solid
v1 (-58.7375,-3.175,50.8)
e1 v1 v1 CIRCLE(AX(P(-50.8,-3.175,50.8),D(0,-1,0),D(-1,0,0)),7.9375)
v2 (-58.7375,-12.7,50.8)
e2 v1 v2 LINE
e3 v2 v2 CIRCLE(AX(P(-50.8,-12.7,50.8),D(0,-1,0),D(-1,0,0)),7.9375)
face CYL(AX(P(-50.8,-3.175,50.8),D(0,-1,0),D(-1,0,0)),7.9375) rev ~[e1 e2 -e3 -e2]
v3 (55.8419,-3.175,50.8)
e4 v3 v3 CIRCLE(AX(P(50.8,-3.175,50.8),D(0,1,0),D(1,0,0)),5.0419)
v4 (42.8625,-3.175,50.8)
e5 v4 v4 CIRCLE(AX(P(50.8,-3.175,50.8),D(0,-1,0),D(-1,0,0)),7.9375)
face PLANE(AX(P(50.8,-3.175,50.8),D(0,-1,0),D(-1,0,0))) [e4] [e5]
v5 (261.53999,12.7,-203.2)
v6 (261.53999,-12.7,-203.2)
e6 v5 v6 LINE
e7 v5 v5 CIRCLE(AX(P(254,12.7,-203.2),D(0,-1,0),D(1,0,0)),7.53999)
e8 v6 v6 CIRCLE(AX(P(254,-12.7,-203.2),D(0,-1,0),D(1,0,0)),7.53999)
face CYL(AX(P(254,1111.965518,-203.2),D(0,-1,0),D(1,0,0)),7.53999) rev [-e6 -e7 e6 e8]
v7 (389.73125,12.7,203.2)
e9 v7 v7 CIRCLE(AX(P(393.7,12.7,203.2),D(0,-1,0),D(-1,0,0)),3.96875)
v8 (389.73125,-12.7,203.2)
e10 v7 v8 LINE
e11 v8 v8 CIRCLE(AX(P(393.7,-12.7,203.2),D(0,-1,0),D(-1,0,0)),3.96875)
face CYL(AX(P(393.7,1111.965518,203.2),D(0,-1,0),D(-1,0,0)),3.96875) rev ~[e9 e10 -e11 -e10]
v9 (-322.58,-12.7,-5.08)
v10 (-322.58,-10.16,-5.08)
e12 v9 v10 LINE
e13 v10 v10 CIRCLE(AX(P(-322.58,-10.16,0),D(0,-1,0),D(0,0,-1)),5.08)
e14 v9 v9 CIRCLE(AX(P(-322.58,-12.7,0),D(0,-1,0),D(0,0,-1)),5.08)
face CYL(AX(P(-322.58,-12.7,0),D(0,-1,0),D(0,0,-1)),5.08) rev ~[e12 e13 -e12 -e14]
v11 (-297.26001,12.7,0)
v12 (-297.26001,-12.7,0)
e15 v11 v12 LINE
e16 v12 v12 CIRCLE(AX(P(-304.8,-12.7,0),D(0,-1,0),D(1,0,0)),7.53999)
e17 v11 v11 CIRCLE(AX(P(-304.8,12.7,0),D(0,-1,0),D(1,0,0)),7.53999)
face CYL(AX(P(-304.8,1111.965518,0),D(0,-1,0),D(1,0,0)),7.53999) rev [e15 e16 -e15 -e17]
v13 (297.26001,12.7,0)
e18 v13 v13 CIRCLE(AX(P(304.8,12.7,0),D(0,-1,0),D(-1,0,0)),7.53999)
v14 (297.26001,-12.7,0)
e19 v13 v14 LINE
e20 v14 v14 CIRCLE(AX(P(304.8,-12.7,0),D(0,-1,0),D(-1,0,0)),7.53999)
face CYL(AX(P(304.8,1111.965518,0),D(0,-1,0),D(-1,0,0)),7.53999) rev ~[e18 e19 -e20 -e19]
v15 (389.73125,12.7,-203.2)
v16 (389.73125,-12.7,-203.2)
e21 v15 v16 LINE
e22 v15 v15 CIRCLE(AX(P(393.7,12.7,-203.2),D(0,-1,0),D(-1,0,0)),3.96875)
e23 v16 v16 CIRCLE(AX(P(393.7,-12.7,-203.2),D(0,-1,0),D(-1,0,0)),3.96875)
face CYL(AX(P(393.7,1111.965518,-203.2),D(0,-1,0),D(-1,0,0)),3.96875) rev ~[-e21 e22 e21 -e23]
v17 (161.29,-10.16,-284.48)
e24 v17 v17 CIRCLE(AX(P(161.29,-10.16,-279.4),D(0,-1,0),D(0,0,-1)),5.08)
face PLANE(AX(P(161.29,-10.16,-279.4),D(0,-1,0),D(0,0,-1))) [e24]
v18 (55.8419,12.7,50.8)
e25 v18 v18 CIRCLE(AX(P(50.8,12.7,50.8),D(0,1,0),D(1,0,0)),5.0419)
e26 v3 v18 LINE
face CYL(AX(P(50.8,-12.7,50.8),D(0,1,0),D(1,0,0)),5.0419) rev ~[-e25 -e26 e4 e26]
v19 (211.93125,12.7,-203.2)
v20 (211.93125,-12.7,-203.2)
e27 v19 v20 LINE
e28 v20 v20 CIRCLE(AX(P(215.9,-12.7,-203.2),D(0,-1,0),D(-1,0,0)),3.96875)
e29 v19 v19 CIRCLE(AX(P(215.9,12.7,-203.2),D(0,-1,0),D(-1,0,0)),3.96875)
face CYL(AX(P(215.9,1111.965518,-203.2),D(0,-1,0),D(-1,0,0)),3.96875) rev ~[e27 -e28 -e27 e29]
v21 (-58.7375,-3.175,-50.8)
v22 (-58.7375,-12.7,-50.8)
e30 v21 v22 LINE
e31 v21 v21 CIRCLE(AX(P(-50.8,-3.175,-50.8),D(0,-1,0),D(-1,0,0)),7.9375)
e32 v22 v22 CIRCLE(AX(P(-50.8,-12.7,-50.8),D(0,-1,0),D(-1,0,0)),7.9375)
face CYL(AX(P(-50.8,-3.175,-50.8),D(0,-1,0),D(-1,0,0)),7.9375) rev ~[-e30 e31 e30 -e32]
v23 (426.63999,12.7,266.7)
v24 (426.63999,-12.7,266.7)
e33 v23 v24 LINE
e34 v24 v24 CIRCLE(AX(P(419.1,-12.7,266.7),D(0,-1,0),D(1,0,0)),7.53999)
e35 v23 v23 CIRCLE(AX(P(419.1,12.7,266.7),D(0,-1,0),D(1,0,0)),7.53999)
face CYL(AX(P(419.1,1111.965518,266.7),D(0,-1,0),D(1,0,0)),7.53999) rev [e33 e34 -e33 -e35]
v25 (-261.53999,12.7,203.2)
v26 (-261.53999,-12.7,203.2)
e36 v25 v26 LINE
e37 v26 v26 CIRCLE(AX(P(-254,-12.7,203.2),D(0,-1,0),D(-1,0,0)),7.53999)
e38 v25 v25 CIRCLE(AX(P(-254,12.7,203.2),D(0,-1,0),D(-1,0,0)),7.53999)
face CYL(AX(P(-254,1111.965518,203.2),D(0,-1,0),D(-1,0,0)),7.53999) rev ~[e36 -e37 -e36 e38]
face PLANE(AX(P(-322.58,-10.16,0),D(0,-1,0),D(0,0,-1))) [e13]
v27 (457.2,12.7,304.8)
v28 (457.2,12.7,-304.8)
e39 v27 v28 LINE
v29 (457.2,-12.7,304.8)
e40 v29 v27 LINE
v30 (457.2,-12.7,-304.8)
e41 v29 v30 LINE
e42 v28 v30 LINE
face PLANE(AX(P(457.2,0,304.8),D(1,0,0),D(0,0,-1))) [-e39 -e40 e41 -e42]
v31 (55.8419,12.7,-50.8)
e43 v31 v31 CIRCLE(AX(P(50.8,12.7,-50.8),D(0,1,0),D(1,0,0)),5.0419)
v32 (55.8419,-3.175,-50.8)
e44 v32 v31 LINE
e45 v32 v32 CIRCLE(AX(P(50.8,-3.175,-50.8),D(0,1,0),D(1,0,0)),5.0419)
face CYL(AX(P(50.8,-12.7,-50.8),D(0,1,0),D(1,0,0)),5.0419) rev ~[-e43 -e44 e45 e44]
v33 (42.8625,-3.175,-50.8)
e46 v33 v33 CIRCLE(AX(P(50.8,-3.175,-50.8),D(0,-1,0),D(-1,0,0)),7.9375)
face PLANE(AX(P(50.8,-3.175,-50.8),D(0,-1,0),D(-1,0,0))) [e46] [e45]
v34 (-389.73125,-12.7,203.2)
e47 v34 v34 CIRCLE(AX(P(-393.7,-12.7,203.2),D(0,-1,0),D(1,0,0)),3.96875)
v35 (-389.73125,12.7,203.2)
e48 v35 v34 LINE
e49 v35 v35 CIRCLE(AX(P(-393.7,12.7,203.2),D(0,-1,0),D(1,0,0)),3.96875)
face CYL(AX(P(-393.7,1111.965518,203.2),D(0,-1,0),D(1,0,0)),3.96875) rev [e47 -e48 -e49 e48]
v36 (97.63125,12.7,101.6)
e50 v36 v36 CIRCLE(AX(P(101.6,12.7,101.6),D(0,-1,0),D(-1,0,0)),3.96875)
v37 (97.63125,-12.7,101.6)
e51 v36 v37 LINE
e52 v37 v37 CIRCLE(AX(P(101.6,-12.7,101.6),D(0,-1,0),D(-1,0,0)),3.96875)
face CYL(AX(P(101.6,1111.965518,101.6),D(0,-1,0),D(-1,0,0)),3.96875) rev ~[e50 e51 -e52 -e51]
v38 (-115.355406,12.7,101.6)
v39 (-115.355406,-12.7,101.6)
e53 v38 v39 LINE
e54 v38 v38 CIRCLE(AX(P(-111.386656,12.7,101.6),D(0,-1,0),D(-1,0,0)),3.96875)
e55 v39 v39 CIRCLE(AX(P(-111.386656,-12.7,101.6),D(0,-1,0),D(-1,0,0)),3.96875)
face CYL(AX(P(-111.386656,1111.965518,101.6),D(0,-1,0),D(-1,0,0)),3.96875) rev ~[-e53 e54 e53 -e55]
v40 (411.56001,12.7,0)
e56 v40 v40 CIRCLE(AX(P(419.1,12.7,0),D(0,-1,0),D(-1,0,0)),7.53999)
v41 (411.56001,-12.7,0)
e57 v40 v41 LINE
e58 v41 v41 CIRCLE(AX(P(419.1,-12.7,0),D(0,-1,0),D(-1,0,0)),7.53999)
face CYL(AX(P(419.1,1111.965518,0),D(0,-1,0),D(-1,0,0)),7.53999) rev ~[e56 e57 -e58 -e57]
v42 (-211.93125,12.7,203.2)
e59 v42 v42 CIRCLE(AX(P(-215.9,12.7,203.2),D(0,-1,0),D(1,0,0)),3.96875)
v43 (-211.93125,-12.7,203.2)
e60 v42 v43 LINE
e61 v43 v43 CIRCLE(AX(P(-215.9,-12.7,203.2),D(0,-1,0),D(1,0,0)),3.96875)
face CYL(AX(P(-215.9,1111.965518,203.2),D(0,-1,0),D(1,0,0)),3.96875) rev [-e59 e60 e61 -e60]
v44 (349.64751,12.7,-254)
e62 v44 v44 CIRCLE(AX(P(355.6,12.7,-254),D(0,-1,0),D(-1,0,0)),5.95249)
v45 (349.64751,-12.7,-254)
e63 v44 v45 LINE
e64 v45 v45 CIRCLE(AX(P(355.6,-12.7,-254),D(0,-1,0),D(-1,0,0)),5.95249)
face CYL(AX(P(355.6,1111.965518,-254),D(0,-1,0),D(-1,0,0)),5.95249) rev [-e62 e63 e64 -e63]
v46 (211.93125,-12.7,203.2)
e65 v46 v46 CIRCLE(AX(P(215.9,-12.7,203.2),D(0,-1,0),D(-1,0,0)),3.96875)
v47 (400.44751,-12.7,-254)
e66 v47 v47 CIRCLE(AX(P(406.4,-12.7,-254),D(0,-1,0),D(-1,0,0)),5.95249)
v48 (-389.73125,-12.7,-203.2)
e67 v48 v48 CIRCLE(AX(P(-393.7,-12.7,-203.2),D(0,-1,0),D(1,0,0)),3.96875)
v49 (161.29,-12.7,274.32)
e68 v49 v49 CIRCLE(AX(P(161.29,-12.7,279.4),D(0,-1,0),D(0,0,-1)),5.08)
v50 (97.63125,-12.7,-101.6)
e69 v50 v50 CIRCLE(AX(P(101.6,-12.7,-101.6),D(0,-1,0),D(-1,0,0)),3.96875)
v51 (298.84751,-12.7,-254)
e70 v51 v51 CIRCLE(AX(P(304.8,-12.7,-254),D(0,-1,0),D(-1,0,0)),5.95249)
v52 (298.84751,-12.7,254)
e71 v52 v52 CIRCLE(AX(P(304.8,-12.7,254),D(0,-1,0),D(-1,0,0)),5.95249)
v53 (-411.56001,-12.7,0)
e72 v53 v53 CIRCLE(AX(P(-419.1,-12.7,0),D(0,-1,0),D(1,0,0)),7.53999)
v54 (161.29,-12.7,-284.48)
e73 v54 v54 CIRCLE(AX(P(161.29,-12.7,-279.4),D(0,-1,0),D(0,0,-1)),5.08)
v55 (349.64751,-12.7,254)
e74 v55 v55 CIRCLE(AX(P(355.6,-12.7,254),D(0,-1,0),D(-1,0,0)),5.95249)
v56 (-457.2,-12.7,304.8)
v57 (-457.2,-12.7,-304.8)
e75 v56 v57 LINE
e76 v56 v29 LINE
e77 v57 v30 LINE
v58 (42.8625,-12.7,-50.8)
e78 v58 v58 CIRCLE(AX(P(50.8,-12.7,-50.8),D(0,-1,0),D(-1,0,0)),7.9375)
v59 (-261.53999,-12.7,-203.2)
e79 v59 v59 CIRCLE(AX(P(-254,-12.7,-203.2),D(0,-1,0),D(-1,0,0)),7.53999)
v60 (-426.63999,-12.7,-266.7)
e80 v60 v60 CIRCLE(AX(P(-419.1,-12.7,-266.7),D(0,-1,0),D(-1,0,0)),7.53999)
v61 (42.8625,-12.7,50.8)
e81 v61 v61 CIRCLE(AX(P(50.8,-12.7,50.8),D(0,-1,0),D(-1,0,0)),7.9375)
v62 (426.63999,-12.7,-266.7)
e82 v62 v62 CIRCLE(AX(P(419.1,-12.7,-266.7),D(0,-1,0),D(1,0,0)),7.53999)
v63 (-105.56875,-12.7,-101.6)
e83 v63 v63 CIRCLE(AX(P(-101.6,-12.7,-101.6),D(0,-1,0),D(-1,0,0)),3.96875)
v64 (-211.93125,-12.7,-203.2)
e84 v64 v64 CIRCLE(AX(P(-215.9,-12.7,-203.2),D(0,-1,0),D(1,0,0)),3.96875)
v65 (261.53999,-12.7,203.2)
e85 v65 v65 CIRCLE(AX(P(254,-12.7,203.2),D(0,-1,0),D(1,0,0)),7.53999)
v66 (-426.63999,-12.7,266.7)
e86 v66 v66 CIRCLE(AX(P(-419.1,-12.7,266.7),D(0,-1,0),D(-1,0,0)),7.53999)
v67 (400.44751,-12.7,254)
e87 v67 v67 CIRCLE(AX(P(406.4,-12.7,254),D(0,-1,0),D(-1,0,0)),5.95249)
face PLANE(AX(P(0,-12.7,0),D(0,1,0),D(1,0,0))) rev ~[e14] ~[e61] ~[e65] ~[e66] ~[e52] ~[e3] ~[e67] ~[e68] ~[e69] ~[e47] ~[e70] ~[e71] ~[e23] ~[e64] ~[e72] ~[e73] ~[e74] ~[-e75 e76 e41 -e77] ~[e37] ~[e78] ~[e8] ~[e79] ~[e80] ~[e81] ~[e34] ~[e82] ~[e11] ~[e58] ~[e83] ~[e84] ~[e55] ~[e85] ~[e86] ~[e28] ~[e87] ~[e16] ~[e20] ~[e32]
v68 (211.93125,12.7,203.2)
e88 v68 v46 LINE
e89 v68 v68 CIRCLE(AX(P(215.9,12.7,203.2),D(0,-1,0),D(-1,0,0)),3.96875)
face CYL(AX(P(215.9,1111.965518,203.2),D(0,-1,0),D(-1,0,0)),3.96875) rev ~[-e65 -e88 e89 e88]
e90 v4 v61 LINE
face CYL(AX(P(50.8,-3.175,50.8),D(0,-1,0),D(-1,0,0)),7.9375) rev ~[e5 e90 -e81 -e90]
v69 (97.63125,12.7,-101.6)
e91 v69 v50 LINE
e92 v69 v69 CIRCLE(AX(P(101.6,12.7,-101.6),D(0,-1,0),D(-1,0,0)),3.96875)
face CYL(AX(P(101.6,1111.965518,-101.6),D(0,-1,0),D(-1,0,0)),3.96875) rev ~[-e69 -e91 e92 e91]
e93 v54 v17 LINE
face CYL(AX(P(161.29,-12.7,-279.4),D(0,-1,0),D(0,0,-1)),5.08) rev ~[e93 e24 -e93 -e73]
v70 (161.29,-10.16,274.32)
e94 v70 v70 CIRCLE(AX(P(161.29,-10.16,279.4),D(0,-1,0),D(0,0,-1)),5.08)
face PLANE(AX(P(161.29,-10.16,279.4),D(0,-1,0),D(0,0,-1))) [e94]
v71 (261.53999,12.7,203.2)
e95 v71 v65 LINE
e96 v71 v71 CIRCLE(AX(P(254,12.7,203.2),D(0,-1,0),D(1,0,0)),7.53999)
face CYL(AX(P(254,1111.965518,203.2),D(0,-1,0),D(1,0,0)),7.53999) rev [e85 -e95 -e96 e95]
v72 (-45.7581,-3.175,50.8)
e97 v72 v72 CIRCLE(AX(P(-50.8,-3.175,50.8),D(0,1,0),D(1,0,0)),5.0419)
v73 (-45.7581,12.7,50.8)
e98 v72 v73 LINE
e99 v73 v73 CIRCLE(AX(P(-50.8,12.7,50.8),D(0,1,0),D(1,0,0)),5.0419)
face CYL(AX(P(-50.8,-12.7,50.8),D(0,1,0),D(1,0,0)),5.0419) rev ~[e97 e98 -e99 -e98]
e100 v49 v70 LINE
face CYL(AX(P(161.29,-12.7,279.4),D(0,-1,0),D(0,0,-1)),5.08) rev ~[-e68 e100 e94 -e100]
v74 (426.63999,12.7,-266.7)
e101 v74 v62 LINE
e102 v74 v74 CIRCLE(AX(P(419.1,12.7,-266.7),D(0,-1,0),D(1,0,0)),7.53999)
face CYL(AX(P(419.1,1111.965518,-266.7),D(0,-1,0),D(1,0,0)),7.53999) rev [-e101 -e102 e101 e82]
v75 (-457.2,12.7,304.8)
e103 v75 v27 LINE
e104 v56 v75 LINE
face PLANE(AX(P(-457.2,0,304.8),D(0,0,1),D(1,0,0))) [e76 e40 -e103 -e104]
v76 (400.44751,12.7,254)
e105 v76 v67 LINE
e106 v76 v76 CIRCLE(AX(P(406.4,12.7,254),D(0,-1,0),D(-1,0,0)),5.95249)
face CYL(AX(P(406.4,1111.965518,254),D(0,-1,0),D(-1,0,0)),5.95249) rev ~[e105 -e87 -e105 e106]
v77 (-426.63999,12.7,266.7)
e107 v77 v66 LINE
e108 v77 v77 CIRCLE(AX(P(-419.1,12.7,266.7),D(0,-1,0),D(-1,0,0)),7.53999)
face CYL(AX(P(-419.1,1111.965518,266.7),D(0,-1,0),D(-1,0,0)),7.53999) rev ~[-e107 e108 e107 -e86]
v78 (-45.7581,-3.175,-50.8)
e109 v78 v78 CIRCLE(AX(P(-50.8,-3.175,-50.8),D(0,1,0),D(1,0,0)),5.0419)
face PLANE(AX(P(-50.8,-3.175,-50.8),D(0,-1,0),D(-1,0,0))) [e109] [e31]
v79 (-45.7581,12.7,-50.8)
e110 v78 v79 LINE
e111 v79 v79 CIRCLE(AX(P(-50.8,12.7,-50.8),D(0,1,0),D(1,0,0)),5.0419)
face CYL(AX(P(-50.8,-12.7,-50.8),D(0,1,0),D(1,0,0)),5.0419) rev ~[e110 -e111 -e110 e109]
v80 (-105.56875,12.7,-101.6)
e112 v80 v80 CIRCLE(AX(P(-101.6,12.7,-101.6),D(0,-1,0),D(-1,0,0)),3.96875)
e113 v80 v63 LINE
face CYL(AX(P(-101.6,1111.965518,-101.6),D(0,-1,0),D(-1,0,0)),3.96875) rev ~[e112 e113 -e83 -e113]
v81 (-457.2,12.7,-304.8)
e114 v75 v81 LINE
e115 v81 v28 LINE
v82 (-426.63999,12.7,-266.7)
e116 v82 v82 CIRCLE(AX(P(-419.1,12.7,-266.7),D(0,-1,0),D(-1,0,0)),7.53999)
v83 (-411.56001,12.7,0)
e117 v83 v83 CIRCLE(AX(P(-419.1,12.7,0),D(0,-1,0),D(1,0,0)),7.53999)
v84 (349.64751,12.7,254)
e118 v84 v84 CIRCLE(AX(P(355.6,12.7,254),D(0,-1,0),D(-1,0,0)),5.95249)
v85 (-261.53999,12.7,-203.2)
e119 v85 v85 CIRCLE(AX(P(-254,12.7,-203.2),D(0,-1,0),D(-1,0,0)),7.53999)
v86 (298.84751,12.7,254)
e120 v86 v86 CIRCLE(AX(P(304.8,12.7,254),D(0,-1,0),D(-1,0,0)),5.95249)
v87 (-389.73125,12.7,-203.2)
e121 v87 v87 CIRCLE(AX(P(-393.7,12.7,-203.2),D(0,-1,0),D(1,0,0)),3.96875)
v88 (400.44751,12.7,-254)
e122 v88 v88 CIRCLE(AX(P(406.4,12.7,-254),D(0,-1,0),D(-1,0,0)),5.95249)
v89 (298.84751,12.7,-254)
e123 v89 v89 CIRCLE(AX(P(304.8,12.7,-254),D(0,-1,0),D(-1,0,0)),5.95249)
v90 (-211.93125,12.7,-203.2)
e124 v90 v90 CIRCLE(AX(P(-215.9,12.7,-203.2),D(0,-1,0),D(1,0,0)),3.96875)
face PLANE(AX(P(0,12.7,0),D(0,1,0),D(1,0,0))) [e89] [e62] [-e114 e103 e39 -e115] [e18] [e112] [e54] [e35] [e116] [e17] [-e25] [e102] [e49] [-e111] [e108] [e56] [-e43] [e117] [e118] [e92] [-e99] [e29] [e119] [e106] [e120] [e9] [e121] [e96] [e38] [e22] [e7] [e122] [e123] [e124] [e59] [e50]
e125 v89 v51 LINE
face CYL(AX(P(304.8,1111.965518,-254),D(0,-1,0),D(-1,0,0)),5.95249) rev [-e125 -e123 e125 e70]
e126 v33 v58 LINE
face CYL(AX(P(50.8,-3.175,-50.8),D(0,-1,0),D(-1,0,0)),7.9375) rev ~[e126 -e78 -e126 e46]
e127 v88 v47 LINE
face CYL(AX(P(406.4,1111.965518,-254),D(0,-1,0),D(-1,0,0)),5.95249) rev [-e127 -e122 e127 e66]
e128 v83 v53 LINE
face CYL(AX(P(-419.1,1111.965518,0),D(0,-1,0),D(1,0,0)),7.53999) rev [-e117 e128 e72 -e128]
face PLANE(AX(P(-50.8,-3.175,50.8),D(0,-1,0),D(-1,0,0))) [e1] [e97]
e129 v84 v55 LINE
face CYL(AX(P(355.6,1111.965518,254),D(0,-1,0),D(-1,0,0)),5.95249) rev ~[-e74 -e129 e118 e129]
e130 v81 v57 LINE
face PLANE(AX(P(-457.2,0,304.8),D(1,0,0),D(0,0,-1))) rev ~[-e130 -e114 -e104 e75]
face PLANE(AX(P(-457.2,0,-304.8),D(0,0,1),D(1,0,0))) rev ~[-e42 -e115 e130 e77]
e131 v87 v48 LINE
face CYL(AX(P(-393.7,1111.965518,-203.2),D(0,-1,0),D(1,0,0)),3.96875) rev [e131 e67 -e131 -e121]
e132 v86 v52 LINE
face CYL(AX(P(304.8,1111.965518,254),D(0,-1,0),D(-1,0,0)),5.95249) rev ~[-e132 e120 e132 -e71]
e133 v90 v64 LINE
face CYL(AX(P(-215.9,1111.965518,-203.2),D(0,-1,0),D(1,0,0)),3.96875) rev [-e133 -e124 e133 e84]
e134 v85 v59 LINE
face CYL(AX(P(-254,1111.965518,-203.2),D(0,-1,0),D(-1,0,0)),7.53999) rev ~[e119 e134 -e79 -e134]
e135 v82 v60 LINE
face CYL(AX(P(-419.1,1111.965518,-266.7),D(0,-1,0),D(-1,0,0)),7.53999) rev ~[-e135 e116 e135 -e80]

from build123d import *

# Parameters (mm, degrees)
SKETCH1_W                                        = 914.4
SKETCH1_H                                        = 609.6
BOSS_EXTRUDE1_DEPTH                              = 12.7
F_9_16_CLEARANCE_HOLE1_D                         = 15.07998
SKETCH5_R                                        = 5.08
CUT_EXTRUDE1_DEPTH                               = 2.54
CBORE_FOR_3_8_SOCKET_HEAD_CAP_SCREW1_D           = 10.0838
CBORE_FOR_3_8_SOCKET_HEAD_CAP_SCREW1_CBORE_D     = 15.875
CBORE_FOR_3_8_SOCKET_HEAD_CAP_SCREW1_CBORE_DEPTH = 9.525
F_3_8_16_TAPPED_HOLE1_D                          = 7.9375
F_3_8_16_TAPPED_HOLE2_D                          = 7.9375
F_7_16_CLEARANCE_HOLE1_D                         = 11.90498


with BuildPart() as part:
    # Sketch1 → Boss-Extrude1 (new, symmetric)
    with BuildSketch(Plane(origin=(0, 0, 0), x_dir=(1, 0, 0), z_dir=(0, 1, 0))):
        Rectangle(SKETCH1_W, SKETCH1_H)
    extrude(amount=BOSS_EXTRUDE1_DEPTH, both=True)

    # 9/16 Clearance Hole1 (through all)
    with Locations(Plane(origin=(0, 12.7, 0), x_dir=(1, 0, 0), z_dir=(0, 1, 0))):
        with Locations((419.1, 0), (-419.1, 266.7), (-419.1, -266.7), (-254, 203.2), (-254, -203.2), (304.8, 0)):
            f_9_16_clearance_hole1 = Hole(F_9_16_CLEARANCE_HOLE1_D / 2)

    # Sketch5 → Cut-Extrude1 (cut)
    with BuildSketch(Plane.XZ.offset(12.7)):
        with Locations(Location((161.29, 279.4, 0), (0, 0, 270))):
            Circle(SKETCH5_R)
        with Locations(Location((161.29, -279.4, 0), (0, 0, 270))):
            Circle(SKETCH5_R)
        with Locations(Location((-322.58, 0, 0), (0, 0, 270))):
            Circle(SKETCH5_R)
    extrude(amount=-CUT_EXTRUDE1_DEPTH, mode=Mode.SUBTRACT)

    # CBORE for 3/8 Socket Head Cap Screw1 (through all)
    with Locations(Plane(origin=(0, -12.7, 0), x_dir=(-1, 0, 0), z_dir=(0, -1, 0))):
        with Locations((50.8, -50.8), (-50.8, -50.8), (-50.8, 50.8), (50.8, 50.8)):
            CounterBoreHole(CBORE_FOR_3_8_SOCKET_HEAD_CAP_SCREW1_D / 2, CBORE_FOR_3_8_SOCKET_HEAD_CAP_SCREW1_CBORE_D / 2, CBORE_FOR_3_8_SOCKET_HEAD_CAP_SCREW1_CBORE_DEPTH)

    # 3/8-16 Tapped Hole1 (through all)
    with Locations(Plane(origin=(0, 12.7, 0), x_dir=(1, 0, 0), z_dir=(0, 1, 0))):
        with Locations((-101.6, 101.6), (101.6, 101.6), (101.6, -101.6), (-111.386656454, -101.6)):
            Hole(F_3_8_16_TAPPED_HOLE1_D / 2)

    # 3/8-16 Tapped Hole2 (through all)
    with Locations(Plane(origin=(0, 12.7, 0), x_dir=(1, 0, 0), z_dir=(0, 1, 0))):
        with Locations((215.9, 203.2), (393.7, 203.2), (393.7, -203.2), (215.9, -203.2)):
            f_3_8_16_tapped_hole2 = Hole(F_3_8_16_TAPPED_HOLE2_D / 2)

    # Mirror1: 3/8-16 Tapped Hole2 across plane
    add(f_3_8_16_tapped_hole2.mirror(Plane(origin=(0, 0, 0), x_dir=(0, 0, 1), z_dir=(1, 0, 0))), mode=Mode.SUBTRACT)

    # Mirror2: 9/16 Clearance Hole1 across plane
    add(f_9_16_clearance_hole1.mirror(Plane(origin=(0, 0, 0), x_dir=(0, 0, 1), z_dir=(1, 0, 0))), mode=Mode.SUBTRACT)

    # 7/16 Clearance Hole1 (through all)
    with Locations(Plane(origin=(0, 12.7, 0), x_dir=(1, 0, 0), z_dir=(0, 1, 0))):
        with Locations((406.4, -254), (355.6, -254), (304.8, -254)):
            f_7_16_clearance_hole1 = Hole(F_7_16_CLEARANCE_HOLE1_D / 2)

    # Mirror3: 7/16 Clearance Hole1 across plane
    add(f_7_16_clearance_hole1.mirror(Plane.XY), mode=Mode.SUBTRACT)


solid = part.part
